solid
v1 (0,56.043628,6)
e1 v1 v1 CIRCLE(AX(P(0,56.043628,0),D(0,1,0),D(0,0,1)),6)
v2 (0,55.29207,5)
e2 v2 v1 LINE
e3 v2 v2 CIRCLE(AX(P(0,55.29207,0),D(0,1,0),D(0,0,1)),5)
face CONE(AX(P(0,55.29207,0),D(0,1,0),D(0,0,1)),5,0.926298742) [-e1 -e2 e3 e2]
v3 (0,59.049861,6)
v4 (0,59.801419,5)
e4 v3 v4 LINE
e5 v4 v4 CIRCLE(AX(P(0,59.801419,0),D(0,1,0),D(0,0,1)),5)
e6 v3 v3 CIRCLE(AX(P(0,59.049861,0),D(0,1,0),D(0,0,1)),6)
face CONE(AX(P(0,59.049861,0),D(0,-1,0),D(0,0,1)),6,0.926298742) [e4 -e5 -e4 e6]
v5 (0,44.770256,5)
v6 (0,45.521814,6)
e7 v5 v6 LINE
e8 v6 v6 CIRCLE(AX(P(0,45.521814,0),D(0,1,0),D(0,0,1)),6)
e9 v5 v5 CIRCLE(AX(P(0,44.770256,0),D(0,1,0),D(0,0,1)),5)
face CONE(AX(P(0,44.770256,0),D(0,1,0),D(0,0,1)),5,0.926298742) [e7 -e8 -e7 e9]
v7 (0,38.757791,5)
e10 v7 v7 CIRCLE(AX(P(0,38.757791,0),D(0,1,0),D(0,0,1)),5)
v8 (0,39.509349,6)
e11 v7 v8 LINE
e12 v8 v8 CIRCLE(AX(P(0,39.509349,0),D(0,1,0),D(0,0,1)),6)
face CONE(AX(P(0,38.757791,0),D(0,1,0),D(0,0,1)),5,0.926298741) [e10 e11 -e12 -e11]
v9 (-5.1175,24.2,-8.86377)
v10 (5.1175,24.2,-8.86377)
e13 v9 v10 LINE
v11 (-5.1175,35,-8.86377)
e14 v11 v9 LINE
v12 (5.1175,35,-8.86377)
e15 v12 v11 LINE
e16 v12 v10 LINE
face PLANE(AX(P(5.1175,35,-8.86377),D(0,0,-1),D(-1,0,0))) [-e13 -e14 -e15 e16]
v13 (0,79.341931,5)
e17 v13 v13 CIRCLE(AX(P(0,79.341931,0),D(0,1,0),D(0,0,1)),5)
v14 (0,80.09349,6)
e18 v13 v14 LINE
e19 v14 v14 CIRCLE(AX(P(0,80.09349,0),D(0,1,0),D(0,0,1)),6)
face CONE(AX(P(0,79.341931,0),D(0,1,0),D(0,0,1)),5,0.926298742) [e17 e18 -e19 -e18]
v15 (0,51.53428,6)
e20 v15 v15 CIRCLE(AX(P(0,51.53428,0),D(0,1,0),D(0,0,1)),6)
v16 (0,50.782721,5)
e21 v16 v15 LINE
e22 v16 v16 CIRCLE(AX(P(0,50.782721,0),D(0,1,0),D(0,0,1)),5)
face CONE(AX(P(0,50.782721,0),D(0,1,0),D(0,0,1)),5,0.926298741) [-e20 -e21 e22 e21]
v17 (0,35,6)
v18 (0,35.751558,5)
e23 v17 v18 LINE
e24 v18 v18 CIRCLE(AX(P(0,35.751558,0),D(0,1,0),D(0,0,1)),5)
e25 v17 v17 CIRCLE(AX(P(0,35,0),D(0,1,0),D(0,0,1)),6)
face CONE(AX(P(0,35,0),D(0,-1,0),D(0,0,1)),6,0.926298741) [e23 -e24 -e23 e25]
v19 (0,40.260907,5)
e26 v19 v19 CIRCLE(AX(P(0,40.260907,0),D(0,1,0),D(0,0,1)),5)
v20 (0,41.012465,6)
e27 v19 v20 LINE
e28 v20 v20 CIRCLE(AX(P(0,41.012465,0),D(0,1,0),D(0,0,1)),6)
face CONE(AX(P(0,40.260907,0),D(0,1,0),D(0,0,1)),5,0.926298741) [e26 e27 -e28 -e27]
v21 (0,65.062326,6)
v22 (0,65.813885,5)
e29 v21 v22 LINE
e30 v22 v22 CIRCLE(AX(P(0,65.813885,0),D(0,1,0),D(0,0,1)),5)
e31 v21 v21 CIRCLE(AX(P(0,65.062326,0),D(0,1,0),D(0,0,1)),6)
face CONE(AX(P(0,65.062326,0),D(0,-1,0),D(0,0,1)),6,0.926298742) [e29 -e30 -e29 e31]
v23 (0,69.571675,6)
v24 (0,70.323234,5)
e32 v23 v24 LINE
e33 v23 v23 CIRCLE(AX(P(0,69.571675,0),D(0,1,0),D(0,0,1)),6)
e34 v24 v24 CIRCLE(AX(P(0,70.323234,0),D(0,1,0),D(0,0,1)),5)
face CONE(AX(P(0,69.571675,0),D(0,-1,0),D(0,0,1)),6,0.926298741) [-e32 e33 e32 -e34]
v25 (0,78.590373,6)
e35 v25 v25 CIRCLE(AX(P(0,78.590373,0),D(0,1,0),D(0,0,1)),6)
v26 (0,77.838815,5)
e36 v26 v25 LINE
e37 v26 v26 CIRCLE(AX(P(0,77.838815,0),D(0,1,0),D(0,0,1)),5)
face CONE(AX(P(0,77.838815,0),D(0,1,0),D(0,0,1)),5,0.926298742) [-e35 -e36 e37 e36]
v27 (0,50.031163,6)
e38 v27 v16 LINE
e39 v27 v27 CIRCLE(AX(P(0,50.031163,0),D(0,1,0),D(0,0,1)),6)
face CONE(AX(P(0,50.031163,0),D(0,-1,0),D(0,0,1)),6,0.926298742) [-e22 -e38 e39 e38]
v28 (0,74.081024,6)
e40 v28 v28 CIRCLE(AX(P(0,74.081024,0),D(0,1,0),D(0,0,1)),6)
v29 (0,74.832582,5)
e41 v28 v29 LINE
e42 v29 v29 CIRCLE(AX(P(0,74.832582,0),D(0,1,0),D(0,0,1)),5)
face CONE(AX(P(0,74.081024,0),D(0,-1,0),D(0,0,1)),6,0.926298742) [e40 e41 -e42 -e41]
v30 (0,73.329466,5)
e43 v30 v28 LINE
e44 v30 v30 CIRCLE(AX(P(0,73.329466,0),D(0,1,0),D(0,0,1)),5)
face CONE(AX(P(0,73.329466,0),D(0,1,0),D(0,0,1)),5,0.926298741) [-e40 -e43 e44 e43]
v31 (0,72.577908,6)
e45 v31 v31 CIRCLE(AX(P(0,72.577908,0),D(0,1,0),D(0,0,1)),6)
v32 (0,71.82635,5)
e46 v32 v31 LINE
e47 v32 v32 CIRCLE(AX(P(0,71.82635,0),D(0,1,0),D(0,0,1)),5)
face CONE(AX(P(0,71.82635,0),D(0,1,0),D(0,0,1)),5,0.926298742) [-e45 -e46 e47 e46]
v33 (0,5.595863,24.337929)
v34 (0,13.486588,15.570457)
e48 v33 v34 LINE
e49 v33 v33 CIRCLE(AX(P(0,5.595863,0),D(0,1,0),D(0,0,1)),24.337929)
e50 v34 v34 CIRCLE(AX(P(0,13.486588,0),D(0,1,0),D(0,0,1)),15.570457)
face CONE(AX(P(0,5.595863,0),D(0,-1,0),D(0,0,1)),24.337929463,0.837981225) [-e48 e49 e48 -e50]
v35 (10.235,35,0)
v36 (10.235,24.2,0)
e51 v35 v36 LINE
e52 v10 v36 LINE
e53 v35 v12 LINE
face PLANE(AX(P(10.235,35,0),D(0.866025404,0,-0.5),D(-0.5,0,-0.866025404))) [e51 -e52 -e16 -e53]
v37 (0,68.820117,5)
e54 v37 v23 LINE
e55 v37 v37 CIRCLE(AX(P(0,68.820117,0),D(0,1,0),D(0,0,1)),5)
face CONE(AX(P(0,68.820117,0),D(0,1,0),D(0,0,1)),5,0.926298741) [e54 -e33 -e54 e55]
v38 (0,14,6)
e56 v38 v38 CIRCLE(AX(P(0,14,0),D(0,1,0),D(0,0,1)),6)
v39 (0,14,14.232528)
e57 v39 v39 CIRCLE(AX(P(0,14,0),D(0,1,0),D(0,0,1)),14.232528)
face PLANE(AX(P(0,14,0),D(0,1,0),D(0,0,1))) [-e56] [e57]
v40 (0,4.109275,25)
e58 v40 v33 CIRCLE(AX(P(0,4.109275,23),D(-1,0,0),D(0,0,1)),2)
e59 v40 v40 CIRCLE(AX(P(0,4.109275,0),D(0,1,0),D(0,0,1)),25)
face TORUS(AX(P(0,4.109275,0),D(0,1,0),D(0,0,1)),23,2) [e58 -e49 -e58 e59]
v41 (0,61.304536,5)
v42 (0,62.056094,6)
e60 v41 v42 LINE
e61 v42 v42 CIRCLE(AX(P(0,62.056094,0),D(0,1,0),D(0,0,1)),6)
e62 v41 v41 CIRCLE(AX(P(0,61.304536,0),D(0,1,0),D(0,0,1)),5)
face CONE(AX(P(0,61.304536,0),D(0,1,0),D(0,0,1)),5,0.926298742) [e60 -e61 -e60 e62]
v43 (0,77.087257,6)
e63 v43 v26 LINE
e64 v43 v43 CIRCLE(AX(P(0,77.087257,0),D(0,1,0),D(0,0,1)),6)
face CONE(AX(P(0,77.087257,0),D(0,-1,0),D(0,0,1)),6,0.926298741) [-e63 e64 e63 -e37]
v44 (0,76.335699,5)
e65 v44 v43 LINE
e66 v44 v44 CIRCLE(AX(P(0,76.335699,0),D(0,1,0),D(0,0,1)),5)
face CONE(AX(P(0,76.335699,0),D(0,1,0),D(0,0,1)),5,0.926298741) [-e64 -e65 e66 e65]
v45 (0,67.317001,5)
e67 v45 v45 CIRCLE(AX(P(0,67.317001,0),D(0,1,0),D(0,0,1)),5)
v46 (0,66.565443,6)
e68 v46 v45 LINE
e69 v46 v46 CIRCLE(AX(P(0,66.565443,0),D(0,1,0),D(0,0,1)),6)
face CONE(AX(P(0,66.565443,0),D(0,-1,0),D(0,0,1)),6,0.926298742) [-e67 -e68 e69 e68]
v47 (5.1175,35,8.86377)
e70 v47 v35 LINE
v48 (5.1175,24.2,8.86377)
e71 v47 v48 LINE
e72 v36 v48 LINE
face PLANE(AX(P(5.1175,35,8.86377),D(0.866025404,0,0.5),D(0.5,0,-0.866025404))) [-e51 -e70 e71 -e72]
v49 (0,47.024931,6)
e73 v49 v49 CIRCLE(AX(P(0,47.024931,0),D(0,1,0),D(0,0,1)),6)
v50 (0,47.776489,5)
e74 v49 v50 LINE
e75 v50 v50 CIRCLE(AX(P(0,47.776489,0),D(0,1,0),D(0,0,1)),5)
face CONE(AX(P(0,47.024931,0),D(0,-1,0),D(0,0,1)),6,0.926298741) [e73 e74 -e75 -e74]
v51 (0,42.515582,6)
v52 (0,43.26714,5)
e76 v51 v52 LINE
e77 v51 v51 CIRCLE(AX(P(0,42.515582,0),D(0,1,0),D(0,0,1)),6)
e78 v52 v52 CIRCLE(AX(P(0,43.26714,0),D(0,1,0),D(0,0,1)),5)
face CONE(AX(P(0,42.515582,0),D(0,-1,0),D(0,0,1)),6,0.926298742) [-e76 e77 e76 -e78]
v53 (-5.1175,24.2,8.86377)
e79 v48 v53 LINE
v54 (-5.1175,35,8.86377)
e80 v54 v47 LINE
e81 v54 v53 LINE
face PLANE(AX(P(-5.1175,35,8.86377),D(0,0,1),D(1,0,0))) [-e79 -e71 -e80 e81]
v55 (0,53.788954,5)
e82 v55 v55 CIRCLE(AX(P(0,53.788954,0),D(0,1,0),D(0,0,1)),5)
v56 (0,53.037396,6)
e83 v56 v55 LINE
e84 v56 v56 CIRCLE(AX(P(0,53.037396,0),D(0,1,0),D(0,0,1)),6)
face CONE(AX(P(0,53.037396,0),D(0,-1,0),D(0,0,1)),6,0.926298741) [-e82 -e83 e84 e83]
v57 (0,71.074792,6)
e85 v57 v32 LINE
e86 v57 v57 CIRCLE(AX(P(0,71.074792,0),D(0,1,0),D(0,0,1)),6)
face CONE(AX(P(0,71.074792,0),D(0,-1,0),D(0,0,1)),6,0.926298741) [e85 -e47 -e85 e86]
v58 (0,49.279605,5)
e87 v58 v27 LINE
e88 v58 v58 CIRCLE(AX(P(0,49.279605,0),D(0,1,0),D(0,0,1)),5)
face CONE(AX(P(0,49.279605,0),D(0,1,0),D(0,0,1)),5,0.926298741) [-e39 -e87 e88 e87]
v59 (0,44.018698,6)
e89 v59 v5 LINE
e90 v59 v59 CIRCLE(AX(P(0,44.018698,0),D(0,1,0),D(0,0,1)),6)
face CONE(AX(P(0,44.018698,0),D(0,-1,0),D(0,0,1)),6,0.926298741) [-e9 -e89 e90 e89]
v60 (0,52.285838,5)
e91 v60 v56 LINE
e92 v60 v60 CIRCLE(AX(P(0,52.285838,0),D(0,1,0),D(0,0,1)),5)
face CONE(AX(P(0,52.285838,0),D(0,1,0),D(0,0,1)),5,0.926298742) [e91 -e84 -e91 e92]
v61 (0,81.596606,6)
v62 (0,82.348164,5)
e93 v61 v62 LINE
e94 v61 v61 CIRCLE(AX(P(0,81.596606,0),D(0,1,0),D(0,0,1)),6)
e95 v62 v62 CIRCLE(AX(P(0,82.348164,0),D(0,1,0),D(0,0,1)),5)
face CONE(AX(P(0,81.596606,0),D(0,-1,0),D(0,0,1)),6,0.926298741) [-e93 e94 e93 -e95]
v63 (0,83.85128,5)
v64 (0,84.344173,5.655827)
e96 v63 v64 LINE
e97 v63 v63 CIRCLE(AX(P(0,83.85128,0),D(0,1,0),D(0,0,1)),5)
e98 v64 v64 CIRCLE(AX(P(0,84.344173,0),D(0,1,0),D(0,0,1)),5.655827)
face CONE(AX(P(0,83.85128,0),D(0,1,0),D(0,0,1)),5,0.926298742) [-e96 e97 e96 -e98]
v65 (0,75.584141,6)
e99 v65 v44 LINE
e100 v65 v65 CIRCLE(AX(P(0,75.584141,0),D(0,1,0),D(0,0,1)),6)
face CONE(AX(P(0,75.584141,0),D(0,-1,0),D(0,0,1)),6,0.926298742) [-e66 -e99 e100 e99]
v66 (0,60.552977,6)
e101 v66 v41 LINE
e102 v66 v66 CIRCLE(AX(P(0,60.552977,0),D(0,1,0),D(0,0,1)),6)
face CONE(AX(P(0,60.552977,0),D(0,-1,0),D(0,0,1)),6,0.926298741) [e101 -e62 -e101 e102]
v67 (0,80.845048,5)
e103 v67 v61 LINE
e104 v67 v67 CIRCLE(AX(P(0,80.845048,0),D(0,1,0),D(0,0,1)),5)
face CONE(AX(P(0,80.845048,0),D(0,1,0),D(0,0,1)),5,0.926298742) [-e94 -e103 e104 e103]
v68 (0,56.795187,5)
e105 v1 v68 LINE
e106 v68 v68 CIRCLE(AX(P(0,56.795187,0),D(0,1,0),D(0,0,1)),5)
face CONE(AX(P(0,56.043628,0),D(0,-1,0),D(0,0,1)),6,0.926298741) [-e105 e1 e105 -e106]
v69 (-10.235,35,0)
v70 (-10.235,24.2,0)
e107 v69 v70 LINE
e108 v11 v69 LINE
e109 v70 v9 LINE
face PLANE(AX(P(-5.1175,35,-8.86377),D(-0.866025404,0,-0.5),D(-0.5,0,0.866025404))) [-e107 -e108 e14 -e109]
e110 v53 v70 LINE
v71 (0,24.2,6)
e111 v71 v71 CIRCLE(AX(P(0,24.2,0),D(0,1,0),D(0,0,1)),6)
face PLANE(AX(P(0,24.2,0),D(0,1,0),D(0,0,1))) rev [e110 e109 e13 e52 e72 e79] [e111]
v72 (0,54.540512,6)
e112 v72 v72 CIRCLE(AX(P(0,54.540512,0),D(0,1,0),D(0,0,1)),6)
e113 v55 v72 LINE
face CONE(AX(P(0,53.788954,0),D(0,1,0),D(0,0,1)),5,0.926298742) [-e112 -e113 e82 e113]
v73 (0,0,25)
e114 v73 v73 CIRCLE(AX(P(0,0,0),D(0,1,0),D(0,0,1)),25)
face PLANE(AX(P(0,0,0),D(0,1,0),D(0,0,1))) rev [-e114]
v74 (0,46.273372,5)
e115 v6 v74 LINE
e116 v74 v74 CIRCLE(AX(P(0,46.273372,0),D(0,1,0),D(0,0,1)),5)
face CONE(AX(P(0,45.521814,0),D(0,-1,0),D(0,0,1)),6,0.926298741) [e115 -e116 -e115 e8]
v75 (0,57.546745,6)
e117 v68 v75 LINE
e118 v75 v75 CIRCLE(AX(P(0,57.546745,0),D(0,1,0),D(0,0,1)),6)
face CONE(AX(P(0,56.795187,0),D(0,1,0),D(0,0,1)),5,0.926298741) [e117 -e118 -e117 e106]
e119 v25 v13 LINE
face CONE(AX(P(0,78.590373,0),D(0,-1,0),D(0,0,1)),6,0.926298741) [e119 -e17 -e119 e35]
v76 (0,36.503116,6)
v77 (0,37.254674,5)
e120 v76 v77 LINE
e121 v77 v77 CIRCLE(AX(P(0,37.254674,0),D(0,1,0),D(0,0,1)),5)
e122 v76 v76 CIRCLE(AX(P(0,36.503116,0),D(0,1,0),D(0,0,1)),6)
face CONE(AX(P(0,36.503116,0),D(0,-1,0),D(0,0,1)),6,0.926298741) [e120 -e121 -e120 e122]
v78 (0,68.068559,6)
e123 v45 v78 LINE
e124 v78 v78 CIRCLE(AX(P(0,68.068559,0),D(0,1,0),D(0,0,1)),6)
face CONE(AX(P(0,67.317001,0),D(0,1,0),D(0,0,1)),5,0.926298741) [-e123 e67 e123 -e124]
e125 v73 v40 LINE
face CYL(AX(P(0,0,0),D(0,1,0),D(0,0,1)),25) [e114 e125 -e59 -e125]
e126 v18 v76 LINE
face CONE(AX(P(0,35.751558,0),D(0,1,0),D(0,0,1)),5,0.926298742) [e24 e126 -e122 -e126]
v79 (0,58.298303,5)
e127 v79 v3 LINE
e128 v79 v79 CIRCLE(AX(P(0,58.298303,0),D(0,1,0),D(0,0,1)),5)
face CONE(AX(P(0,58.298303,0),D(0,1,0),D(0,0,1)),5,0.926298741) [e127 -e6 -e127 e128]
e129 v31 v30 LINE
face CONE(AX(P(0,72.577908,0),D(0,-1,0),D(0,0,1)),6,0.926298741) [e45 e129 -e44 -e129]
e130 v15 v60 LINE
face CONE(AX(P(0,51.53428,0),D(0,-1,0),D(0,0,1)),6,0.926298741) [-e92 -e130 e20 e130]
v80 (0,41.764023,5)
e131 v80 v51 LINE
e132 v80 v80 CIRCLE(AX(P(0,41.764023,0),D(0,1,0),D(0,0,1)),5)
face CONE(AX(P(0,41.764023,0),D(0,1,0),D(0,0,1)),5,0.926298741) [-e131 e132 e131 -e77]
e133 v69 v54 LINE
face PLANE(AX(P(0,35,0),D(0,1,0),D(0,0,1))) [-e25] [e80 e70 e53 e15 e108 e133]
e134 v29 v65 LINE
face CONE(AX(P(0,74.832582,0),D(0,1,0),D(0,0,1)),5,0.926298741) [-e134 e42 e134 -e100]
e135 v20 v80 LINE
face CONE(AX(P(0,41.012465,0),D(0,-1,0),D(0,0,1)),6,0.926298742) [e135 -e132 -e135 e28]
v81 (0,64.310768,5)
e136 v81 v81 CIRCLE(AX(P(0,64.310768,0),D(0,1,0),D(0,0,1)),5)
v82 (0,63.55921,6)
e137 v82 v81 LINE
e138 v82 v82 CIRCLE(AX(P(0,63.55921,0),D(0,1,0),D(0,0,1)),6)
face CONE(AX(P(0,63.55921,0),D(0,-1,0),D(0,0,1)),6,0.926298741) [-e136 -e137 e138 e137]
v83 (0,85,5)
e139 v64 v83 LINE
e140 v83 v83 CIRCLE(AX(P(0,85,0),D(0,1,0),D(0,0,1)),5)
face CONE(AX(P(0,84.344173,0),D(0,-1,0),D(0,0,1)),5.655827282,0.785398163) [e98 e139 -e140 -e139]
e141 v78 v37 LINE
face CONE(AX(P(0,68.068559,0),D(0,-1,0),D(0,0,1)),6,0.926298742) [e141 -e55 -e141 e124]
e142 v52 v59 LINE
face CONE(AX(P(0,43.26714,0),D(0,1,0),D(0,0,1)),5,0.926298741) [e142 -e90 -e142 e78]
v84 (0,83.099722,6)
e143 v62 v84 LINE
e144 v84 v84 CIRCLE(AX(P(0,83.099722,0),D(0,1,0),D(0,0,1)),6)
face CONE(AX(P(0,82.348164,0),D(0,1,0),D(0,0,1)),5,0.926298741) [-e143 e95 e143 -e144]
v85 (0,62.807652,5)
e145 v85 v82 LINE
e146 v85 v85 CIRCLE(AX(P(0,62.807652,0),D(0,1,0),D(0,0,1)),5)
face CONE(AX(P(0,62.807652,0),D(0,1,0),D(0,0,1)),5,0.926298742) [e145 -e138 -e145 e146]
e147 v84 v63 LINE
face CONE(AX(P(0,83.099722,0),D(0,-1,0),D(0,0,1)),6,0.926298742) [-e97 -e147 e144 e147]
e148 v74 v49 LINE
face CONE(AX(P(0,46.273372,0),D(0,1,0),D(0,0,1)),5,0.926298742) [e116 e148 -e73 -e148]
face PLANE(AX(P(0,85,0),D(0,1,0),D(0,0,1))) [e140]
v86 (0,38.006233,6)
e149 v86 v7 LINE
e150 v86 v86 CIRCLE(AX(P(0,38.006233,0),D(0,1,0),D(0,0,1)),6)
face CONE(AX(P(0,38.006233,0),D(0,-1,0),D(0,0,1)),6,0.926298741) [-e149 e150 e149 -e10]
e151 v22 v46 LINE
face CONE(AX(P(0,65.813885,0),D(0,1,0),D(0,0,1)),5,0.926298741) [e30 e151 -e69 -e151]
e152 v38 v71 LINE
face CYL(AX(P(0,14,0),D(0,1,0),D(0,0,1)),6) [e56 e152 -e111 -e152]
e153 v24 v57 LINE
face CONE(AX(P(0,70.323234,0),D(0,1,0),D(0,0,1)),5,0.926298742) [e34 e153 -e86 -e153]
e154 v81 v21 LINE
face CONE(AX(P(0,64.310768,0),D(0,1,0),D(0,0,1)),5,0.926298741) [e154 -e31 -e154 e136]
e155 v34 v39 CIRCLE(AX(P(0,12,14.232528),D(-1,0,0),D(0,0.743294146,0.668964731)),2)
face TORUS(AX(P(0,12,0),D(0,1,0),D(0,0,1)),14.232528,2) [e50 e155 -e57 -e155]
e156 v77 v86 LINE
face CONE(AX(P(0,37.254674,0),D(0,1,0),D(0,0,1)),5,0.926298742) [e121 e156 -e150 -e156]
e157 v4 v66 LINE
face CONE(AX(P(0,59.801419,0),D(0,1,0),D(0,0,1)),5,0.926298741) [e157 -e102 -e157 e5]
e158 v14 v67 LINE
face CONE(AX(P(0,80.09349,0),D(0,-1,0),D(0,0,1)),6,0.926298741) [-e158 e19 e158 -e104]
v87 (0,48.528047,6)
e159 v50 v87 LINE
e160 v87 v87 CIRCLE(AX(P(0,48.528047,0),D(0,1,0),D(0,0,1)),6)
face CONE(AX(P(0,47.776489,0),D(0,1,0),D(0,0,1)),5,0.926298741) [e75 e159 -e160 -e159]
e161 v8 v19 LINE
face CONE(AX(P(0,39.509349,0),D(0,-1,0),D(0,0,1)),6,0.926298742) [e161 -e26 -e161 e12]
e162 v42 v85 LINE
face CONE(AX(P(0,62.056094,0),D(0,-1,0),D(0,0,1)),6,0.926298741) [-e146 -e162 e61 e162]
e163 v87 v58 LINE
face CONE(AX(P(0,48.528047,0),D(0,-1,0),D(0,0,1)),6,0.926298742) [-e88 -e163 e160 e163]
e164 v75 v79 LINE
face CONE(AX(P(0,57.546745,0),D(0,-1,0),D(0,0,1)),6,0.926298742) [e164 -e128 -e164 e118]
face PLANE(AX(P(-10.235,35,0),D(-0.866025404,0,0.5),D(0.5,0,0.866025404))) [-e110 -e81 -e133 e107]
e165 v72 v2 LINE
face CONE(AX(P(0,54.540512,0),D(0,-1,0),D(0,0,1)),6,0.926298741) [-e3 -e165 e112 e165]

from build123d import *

# Parameters (mm, degrees)
SKETCH_6_R          = 14.593002621
CUT_EXTRUDE_2_DEPTH = 12


with BuildPart() as part:
    # 草图4 → 旋转2 (revolve)
    with BuildSketch(Plane.XY, mode=Mode.PRIVATE) as revolve_2_sk:
        with BuildLine():
            Line((0, 85), (0, 0))
            Line((0, 0), (25, 0))
            Line((25, 0), (25, 4.109275191))
            ThreePointArc((25, 4.109275191), (24.827000127, 4.92295236), (24.337929463, 5.595863483))
            Line((24.337929463, 5.595863483), (15.570457453, 13.486588292))
            ThreePointArc((15.570457453, 13.486588292), (14.949055524, 13.867240823), (14.23252799, 14))
            Line((14.23252799, 14), (6, 14))
            Line((6, 14), (6, 24.2))
            Line((6, 24.2), (10.235, 24.2))
            Line((10.235, 24.2), (10.235, 35))
            Line((10.235, 35), (6, 35))
            Line((6, 35), (5, 35.75155816))
            Line((5, 35.75155816), (6, 36.503116319))
            Line((6, 36.503116319), (5, 37.254674479))
            Line((5, 37.254674479), (6, 38.006232638))
            Line((6, 38.006232638), (5, 38.757790798))
            Line((5, 38.757790798), (6, 39.509348958))
            Line((6, 39.509348958), (5, 40.260907117))
            Line((5, 40.260907117), (6, 41.012465277))
            Line((6, 41.012465277), (5, 41.764023436))
            Line((5, 41.764023436), (6, 42.515581596))
            Line((6, 42.515581596), (5, 43.267139755))
            Line((5, 43.267139755), (6, 44.018697915))
            Line((6, 44.018697915), (5, 44.770256075))
            Line((5, 44.770256075), (6, 45.521814234))
            Line((6, 45.521814234), (5, 46.273372394))
            Line((5, 46.273372394), (6, 47.024930553))
            Line((6, 47.024930553), (5, 47.776488713))
            Line((5, 47.776488713), (6, 48.528046873))
            Line((6, 48.528046873), (5, 49.279605032))
            Line((5, 49.279605032), (6, 50.031163192))
            Line((6, 50.031163192), (5, 50.782721351))
            Line((5, 50.782721351), (6, 51.534279511))
            Line((6, 51.534279511), (5, 52.285837671))
            Line((5, 52.285837671), (6, 53.03739583))
            Line((6, 53.03739583), (5, 53.78895399))
            Line((5, 53.78895399), (6, 54.540512149))
            Line((6, 54.540512149), (5, 55.292070309))
            Line((5, 55.292070309), (6, 56.043628468))
            Line((6, 56.043628468), (5, 56.795186628))
            Line((5, 56.795186628), (6, 57.546744788))
            Line((6, 57.546744788), (5, 58.298302947))
            Line((5, 58.298302947), (6, 59.049861107))
            Line((6, 59.049861107), (5, 59.801419266))
            Line((5, 59.801419266), (6, 60.552977426))
            Line((6, 60.552977426), (5, 61.304535586))
            Line((5, 61.304535586), (6, 62.056093745))
            Line((6, 62.056093745), (5, 62.807651905))
            Line((5, 62.807651905), (6, 63.559210064))
            Line((6, 63.559210064), (5, 64.310768224))
            Line((5, 64.310768224), (6, 65.062326384))
            Line((6, 65.062326384), (5, 65.813884543))
            Line((5, 65.813884543), (6, 66.565442703))
            Line((6, 66.565442703), (5, 67.317000862))
            Line((5, 67.317000862), (6, 68.068559022))
            Line((6, 68.068559022), (5, 68.820117181))
            Line((5, 68.820117181), (6, 69.571675341))
            Line((6, 69.571675341), (5, 70.323233501))
            Line((5, 70.323233501), (6, 71.07479166))
            Line((6, 71.07479166), (5, 71.82634982))
            Line((5, 71.82634982), (6, 72.577907979))
            Line((6, 72.577907979), (5, 73.329466139))
            Line((5, 73.329466139), (6, 74.081024299))
            Line((6, 74.081024299), (5, 74.832582458))
            Line((5, 74.832582458), (6, 75.584140618))
            Line((6, 75.584140618), (5, 76.335698777))
            Line((5, 76.335698777), (6, 77.087256937))
            Line((6, 77.087256937), (5, 77.838815097))
            Line((5, 77.838815097), (6, 78.590373256))
            Line((6, 78.590373256), (5, 79.341931416))
            Line((5, 79.341931416), (6, 80.093489575))
            Line((6, 80.093489575), (5, 80.845047735))
            Line((5, 80.845047735), (6, 81.596605894))
            Line((6, 81.596605894), (5, 82.348164054))
            Line((5, 82.348164054), (6, 83.099722214))
            Line((6, 83.099722214), (5, 83.851280373))
            Line((5, 83.851280373), (5.655827282, 84.344172718))
            Line((5.655827282, 84.344172718), (5, 85))
            Line((5, 85), (0, 85))
        make_face()
    revolve(revolve_2_sk.sketch.rotate(Axis((0, 84.344172718, 0), (0, 1, 0)), 270), axis=Axis((0, 84.344172718, 0), (0, 1, 0)))

    # 草图6 → 切除-拉伸2 (cut)
    with BuildSketch(Plane(origin=(0, 35, 0), x_dir=(1, 0, 0), z_dir=(0, 1, 0))):
        Circle(SKETCH_6_R)
        Polygon((10.235, 0), (5.1175, 8.863770008), (-5.1175, 8.863770008), (-10.235, 0), (-5.1175, -8.863770008), (5.1175, -8.863770008), align=None, mode=Mode.SUBTRACT)
    extrude(amount=-CUT_EXTRUDE_2_DEPTH, mode=Mode.SUBTRACT)


solid = part.part
